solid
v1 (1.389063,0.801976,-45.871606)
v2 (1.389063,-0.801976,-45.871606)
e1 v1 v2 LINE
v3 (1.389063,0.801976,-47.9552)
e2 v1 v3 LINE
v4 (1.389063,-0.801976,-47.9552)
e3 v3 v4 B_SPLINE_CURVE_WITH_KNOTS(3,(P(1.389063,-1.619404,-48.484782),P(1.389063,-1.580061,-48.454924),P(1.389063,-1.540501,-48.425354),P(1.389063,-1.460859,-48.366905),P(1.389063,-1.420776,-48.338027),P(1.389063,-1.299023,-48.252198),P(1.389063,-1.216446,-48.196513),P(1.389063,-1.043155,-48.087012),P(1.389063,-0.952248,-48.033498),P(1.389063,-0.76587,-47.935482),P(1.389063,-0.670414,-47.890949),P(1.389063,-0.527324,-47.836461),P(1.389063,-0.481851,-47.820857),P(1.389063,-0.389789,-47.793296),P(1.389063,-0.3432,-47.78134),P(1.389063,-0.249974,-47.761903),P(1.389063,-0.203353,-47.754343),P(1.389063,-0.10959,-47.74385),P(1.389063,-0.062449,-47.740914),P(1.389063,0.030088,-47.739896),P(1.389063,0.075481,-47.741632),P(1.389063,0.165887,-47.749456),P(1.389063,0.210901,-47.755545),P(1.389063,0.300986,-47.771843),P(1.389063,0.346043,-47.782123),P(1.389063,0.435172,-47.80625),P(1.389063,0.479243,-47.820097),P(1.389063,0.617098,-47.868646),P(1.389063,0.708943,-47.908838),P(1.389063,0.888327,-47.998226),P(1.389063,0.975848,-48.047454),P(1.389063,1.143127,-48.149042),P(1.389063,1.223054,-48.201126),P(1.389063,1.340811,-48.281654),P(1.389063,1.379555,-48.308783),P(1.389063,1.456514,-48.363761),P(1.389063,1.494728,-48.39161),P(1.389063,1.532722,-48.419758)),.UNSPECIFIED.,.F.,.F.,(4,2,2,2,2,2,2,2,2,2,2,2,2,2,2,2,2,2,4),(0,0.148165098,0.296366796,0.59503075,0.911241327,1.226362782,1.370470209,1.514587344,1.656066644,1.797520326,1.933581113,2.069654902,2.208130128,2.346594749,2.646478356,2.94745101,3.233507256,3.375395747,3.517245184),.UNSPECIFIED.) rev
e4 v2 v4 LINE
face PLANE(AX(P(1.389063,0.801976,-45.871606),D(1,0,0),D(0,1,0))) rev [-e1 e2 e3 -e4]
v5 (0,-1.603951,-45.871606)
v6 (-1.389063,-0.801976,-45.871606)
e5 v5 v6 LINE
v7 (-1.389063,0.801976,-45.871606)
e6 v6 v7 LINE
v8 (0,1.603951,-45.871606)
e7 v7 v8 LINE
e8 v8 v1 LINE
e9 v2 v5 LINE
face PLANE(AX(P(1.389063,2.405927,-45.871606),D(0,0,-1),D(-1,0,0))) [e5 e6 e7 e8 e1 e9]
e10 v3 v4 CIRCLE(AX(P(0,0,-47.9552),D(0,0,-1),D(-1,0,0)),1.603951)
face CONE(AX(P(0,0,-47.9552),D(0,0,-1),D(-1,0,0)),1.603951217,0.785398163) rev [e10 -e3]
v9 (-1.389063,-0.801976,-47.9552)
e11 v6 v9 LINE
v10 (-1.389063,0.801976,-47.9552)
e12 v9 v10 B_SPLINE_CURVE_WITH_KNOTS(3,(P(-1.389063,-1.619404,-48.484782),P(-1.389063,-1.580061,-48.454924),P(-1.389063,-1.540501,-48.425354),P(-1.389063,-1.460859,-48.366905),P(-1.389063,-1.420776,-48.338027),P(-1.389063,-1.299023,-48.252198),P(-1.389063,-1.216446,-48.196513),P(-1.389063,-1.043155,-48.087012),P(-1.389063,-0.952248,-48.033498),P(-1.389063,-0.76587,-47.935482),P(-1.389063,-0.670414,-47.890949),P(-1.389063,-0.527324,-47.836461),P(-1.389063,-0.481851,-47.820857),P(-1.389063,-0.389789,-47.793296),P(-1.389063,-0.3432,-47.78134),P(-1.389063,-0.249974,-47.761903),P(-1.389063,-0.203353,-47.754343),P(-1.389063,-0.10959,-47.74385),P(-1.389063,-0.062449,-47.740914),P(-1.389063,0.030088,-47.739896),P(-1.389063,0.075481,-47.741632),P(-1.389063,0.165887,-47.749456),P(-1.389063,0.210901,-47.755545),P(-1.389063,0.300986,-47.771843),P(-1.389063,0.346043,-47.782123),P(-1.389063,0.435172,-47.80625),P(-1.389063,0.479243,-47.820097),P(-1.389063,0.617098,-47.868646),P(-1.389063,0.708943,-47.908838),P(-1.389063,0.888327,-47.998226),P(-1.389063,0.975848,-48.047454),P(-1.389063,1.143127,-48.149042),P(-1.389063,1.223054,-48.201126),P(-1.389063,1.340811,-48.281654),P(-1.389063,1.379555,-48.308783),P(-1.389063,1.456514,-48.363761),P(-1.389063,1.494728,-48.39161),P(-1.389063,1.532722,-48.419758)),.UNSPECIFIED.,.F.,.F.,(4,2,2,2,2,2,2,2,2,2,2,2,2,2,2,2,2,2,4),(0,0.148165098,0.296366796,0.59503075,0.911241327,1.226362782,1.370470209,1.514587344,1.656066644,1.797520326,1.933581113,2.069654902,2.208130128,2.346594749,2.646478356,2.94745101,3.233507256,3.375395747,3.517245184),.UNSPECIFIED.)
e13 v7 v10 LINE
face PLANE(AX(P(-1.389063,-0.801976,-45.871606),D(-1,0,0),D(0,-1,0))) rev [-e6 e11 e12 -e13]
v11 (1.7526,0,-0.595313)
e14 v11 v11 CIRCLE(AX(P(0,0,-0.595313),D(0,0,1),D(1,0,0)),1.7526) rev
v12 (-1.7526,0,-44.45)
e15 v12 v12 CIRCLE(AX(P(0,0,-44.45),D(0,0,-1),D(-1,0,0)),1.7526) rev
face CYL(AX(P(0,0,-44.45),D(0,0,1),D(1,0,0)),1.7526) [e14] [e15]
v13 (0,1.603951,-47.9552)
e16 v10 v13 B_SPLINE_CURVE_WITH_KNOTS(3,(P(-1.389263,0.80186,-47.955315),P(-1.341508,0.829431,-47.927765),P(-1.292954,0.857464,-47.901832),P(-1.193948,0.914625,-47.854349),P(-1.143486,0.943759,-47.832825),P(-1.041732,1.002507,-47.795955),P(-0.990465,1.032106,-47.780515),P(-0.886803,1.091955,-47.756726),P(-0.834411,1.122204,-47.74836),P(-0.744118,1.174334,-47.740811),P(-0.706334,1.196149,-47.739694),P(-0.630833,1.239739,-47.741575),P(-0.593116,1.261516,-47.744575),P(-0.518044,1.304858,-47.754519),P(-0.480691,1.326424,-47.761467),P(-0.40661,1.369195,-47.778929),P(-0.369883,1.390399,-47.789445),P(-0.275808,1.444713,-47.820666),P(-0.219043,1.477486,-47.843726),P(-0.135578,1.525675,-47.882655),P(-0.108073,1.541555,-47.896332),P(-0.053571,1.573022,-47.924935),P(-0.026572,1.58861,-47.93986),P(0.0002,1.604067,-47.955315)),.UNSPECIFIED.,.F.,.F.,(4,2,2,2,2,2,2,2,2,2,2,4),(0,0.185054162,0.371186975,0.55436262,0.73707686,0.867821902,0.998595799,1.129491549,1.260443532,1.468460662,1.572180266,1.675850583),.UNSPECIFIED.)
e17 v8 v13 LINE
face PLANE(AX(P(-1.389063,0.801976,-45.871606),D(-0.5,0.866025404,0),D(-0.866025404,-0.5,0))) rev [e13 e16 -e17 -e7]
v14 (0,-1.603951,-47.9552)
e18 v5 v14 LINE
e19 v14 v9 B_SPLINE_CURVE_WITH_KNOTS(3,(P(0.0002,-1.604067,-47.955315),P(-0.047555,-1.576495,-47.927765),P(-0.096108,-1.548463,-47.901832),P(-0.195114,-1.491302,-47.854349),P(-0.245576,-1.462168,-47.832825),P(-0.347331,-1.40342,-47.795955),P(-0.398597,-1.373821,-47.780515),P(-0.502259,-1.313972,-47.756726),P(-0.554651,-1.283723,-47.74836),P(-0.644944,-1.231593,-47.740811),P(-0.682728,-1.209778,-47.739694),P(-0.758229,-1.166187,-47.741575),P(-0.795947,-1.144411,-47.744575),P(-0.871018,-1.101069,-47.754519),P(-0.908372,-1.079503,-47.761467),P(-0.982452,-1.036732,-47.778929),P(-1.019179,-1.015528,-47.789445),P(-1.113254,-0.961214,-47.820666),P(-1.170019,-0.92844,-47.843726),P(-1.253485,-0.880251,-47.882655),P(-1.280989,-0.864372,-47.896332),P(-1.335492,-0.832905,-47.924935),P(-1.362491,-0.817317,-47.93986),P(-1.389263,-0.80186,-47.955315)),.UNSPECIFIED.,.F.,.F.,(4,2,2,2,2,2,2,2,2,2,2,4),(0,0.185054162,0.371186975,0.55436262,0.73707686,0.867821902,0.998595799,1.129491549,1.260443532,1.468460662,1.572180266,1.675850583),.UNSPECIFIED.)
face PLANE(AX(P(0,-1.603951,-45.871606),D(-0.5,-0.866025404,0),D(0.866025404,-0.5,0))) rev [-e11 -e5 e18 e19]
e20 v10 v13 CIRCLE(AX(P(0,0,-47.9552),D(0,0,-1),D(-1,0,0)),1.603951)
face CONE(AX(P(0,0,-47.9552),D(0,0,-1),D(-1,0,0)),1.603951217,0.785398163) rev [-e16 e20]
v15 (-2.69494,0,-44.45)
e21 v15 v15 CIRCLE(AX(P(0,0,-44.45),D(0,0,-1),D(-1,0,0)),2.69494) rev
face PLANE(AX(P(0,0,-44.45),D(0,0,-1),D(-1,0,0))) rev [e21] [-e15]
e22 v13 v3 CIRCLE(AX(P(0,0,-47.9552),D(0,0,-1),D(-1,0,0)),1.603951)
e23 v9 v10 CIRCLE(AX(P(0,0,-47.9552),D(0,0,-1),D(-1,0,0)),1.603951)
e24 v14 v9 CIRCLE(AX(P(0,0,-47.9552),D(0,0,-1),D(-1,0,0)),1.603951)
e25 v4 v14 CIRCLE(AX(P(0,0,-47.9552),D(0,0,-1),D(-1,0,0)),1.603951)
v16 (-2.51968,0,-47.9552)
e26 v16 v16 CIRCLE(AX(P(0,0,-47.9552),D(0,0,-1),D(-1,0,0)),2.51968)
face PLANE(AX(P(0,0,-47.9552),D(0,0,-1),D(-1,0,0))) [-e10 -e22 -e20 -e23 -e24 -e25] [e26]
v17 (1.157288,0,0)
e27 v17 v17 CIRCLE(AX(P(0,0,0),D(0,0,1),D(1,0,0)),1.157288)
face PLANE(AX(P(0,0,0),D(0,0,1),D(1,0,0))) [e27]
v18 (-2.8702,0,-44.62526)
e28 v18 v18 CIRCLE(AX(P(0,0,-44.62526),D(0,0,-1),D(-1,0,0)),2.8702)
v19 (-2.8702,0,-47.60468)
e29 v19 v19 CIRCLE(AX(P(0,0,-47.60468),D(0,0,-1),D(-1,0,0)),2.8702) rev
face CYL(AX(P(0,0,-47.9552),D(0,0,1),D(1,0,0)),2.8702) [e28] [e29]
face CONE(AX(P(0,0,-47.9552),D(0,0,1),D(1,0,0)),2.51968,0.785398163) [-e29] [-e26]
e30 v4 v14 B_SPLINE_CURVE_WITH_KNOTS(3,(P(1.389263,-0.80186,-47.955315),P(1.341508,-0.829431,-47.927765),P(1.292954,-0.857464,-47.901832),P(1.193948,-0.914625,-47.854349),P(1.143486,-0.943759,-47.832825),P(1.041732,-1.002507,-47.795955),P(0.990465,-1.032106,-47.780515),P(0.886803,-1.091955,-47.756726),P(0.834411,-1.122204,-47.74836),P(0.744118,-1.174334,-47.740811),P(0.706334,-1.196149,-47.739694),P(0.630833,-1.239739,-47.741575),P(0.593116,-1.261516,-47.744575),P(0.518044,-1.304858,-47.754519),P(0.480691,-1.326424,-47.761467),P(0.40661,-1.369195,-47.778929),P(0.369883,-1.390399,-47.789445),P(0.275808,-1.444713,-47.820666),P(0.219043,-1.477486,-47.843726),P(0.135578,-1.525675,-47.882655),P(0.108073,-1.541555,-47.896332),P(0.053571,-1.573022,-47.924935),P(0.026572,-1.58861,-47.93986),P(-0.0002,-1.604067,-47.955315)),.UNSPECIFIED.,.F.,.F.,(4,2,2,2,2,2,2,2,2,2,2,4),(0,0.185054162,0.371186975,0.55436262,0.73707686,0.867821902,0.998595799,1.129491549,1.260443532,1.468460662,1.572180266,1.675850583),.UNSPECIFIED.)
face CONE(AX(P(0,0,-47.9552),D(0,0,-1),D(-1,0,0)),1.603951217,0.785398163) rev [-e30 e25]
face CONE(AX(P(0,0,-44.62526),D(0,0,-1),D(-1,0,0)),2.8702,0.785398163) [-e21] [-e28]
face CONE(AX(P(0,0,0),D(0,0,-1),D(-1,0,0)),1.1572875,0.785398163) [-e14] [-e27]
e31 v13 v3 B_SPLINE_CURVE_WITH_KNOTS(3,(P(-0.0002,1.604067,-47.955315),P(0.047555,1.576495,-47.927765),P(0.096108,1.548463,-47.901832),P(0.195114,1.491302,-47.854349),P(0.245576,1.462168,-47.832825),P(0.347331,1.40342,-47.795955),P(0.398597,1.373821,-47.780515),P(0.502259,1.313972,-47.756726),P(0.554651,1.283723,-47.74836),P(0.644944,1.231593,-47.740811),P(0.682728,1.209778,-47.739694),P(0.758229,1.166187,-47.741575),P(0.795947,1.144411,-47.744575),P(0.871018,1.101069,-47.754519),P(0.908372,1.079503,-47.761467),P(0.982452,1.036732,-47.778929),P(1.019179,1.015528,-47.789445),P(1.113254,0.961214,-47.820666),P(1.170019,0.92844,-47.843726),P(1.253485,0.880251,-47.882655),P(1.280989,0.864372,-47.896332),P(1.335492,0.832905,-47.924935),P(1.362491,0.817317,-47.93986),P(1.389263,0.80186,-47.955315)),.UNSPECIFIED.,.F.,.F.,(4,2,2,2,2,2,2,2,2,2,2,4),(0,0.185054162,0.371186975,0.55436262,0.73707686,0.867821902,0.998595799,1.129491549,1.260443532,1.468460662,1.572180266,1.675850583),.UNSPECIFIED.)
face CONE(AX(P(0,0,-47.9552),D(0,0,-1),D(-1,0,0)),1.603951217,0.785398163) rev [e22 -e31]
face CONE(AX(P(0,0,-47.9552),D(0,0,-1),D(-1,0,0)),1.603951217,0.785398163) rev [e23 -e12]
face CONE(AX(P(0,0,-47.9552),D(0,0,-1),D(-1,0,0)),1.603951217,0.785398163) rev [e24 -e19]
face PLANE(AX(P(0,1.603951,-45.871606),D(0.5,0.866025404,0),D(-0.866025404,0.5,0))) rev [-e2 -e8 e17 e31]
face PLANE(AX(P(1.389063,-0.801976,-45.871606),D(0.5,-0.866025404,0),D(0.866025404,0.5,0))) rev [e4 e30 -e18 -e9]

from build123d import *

# Parameters (mm, degrees)
SKETCH1_R          = 1.7526
EXTRUDE1_DEPTH     = 44.45
CHAMFER3_SIZE      = 0.5953125
SKETCH6_R          = 2.8702
EXTRUDE2_DEPTH     = 3.5052
CUT_EXTRUDE1_DEPTH = 2.08359375
SKETCH8_R          = 1.603951217
CUT_EXTRUDE2_DEPTH = 0.35052
CUT_EXTRUDE2_DRAFT = -45
CHAMFER1_SIZE      = 0.35052
CHAMFER2_SIZE      = 0.17526


with BuildPart() as part:
    # Sketch1 → Extrude1 (new body)
    with BuildSketch(Plane.XY):
        Circle(SKETCH1_R)
    extrude(amount=-EXTRUDE1_DEPTH)

    # Chamfer3
    chamfer3_edges = [part.edges().sort_by_distance(p)[0] for p in [
        (-1.7526, 0, 0),
    ]]
    chamfer(chamfer3_edges, length=CHAMFER3_SIZE)

    # Sketch5 → partially thread (revolve)
    with BuildSketch(Plane(origin=(0, 0, 0), x_dir=(0, 0, -1), z_dir=(1, 0, 0))):
        Polygon((44.45, 1.7526), (19.05, 1.7526), (17.2974, 0), (19.05, 0), (44.45, 0), align=None)
    revolve(axis=Axis((0, 0, 0), (0, 0, -1)))

    # Sketch6 → Extrude2 (add)
    with BuildSketch(Plane(origin=(0, 0, -44.45), x_dir=(-1, 0, 0), z_dir=(0, 0, -1))):
        Circle(SKETCH6_R)
    extrude(amount=EXTRUDE2_DEPTH)

    # Sketch7 → Cut-Extrude1 (cut)
    with BuildSketch(Plane(origin=(0, 0, -47.9552), x_dir=(-1, 0, 0), z_dir=(0, 0, -1))):
        Polygon((0, 1.603951217), (-1.3890625, 0.801975608), (-1.3890625, -0.801975608), (0, -1.603951217), (1.3890625, -0.801975608), (1.3890625, 0.801975608), align=None)
    extrude(amount=-CUT_EXTRUDE1_DEPTH, mode=Mode.SUBTRACT)


with BuildPart() as cut_extrude2_tool:
    # Sketch8 → Cut-Extrude2 (with draft: the straight prism first)
    with BuildSketch(Plane(origin=(0, 0, -47.9552), x_dir=(-1, 0, 0), z_dir=(0, 0, -1))):
        Circle(SKETCH8_R)
    extrude(amount=-CUT_EXTRUDE2_DEPTH)
    # Cut-Extrude2: the draft: its side faces are tilted about the plane it starts from
    cut_extrude2_sides = [cut_extrude2_tool.faces().sort_by_distance(p)[0] for p in [
        (1.603951217, 0, -47.77994),
    ]]
    draft(cut_extrude2_sides, Plane(origin=(0, 0, -47.9552), x_dir=(-1, 0, 0), z_dir=(0, 0, -1)), CUT_EXTRUDE2_DRAFT)


with BuildPart() as part_1:
    add(part.part)

    # Cut-Extrude2: cut by cut_extrude2_tool
    add(cut_extrude2_tool.part, mode=Mode.SUBTRACT)

    # Chamfer1
    chamfer1_edges = [part_1.edges().sort_by_distance(p)[0] for p in [
        (2.8702, 0, -47.9552),
    ]]
    chamfer(chamfer1_edges, length=CHAMFER1_SIZE)

    # Chamfer2
    chamfer2_edges = [part_1.edges().sort_by_distance(p)[0] for p in [
        (2.8702, 0, -44.45),
    ]]
    chamfer(chamfer2_edges, length=CHAMFER2_SIZE)


solid = part_1.part
